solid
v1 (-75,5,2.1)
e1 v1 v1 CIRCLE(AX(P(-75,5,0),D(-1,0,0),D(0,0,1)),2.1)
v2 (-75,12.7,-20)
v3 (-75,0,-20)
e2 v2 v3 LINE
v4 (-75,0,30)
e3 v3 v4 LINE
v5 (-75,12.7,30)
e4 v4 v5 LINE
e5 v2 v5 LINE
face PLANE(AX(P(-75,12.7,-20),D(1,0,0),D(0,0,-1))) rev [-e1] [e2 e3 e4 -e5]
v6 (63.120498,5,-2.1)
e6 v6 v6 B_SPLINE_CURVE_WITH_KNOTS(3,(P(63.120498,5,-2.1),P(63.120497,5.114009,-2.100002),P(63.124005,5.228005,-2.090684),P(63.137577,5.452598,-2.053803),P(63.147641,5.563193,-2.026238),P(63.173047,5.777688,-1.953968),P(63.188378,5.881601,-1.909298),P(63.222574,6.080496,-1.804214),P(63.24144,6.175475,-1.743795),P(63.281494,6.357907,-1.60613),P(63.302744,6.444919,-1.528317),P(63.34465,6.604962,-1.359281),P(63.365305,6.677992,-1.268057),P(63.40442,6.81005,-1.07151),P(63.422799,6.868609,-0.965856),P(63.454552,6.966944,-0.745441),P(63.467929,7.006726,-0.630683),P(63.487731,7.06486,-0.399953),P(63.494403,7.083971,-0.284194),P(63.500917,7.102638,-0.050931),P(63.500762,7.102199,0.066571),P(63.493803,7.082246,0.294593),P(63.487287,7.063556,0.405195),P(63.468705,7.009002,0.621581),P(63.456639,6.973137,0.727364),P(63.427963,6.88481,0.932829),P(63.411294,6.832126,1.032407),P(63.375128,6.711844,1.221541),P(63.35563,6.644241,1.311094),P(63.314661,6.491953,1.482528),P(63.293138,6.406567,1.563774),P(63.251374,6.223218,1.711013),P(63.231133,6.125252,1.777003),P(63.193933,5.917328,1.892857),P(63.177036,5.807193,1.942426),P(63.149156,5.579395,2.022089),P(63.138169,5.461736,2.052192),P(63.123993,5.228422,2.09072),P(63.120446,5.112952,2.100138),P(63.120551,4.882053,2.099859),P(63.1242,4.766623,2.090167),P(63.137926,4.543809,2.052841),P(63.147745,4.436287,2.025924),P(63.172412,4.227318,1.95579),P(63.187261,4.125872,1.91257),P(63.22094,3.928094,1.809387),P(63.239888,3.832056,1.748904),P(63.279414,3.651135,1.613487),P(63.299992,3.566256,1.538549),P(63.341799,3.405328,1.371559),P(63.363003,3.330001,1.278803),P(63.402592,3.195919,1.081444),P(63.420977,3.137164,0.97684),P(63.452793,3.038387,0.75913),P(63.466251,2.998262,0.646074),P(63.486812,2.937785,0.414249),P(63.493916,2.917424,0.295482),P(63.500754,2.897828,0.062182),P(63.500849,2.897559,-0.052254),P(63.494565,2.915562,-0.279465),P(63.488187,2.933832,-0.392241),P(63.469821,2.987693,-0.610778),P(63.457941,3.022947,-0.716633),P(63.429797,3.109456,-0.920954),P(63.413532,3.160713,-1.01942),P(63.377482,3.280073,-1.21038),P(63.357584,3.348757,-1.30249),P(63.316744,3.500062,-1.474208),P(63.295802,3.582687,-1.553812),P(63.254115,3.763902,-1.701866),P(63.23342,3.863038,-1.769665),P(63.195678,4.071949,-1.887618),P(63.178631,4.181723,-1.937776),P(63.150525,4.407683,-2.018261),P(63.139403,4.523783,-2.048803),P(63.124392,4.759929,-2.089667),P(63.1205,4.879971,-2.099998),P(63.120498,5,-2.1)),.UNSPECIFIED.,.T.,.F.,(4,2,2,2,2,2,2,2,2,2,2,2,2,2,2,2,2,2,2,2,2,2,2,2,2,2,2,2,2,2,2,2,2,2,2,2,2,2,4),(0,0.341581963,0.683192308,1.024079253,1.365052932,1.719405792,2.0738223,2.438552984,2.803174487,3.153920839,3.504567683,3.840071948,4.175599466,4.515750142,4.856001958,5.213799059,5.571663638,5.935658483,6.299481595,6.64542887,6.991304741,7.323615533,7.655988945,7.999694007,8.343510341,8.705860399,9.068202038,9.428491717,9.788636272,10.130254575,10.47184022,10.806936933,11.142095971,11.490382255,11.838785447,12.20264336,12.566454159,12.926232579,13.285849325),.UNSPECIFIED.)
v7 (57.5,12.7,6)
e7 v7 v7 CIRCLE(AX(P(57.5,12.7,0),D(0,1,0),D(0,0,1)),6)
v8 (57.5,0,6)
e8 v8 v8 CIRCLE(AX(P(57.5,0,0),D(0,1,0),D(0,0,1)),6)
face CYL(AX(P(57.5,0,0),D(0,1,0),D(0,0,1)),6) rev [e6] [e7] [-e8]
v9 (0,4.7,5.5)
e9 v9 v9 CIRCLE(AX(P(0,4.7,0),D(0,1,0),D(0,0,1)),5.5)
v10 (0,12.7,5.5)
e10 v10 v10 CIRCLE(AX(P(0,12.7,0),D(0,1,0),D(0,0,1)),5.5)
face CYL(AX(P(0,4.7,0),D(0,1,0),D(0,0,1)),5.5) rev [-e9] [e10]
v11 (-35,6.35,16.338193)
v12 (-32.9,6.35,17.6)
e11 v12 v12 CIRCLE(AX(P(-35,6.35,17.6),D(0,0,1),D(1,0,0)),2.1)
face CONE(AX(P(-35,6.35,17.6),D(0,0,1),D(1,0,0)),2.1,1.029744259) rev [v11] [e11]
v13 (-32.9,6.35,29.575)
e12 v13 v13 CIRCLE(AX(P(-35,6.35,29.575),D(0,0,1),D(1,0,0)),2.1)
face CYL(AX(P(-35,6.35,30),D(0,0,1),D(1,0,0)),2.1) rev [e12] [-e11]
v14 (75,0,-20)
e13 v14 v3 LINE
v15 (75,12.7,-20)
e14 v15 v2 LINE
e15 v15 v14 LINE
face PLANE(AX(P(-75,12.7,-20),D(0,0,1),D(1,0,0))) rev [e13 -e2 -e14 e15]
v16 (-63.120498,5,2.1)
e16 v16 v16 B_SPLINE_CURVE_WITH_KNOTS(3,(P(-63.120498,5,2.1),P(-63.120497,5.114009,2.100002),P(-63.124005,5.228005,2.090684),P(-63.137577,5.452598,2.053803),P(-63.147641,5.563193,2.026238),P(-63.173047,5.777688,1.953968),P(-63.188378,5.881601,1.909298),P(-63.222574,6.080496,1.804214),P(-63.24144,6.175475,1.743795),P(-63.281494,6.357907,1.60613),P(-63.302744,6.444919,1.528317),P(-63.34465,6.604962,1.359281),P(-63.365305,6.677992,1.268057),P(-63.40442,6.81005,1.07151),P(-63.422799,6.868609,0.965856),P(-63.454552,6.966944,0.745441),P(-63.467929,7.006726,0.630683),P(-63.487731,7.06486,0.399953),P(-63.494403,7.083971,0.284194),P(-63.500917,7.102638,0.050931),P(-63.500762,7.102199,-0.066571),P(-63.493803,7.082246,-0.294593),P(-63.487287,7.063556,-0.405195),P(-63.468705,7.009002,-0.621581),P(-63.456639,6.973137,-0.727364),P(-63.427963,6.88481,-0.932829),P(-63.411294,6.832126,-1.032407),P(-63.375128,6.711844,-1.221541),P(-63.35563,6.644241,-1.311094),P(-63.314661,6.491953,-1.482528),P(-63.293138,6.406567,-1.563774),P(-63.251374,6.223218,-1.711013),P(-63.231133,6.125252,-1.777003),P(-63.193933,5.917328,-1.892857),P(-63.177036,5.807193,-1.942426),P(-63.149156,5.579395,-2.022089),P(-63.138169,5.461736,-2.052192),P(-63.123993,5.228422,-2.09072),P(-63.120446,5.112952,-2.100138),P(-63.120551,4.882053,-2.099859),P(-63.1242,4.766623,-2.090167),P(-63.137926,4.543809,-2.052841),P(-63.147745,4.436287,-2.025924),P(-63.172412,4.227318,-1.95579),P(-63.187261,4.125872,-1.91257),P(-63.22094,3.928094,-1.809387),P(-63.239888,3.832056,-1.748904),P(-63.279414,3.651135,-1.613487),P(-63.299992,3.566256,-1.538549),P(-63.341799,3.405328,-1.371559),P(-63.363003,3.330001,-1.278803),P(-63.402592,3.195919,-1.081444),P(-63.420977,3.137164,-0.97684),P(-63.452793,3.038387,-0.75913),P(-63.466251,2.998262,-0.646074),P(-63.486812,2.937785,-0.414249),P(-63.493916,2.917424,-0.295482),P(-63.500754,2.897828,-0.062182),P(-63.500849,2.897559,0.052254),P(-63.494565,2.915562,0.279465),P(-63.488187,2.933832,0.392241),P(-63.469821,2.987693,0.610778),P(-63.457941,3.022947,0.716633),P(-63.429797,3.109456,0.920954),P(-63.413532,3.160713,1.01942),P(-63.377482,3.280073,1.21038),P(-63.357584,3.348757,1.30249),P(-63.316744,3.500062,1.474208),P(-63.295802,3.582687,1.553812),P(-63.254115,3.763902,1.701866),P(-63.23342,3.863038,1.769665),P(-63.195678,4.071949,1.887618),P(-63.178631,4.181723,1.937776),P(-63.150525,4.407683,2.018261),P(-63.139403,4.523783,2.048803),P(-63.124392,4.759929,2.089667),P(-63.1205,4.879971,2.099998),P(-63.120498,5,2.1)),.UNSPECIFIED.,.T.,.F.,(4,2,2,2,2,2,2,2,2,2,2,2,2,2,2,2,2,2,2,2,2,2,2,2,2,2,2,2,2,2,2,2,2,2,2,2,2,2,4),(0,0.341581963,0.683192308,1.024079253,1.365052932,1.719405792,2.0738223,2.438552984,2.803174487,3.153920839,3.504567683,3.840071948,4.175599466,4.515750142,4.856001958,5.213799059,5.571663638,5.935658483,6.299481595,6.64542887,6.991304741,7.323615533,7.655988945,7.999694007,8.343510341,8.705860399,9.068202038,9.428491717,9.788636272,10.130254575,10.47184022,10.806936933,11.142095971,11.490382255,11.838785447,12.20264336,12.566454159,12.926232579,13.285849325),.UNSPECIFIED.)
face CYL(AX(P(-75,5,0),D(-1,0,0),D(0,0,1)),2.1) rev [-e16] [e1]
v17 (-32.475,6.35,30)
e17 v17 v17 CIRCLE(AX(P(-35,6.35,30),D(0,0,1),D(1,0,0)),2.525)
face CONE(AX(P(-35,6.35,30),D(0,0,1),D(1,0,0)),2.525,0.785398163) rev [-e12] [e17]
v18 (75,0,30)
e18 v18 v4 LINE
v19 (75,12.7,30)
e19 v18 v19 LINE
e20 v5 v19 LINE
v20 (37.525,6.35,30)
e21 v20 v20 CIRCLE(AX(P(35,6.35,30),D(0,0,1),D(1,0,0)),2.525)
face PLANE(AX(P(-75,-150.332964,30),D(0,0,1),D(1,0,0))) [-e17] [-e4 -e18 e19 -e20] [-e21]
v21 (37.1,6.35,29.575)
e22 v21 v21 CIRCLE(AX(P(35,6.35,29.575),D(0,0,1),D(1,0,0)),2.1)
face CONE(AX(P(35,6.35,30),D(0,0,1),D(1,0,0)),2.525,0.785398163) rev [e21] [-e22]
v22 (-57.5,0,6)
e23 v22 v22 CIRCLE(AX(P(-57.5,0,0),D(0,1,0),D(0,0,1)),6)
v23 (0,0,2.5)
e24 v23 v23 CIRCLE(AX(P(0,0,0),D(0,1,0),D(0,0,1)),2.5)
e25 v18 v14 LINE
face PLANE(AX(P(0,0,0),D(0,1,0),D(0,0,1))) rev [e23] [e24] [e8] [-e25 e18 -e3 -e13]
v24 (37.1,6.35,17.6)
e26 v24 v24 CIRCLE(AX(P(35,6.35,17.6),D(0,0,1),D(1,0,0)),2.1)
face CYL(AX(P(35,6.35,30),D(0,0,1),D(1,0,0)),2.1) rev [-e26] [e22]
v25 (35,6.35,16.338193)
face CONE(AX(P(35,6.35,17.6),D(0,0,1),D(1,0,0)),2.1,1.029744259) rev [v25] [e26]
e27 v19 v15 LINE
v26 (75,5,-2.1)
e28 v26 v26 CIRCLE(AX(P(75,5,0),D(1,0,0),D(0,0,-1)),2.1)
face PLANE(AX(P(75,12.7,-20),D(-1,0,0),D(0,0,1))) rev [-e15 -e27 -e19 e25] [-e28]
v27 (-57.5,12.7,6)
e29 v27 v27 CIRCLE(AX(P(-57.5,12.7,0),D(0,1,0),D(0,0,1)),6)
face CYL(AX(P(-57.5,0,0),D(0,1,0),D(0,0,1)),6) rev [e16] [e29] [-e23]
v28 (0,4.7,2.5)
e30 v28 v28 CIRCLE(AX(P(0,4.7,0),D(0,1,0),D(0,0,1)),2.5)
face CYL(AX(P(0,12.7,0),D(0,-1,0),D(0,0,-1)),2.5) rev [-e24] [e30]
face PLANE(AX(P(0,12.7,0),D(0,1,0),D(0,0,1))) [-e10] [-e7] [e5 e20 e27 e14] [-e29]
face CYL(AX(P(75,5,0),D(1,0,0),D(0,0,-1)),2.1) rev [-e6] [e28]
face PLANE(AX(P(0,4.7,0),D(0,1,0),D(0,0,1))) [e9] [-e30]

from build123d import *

# Parameters (mm, degrees)
ESBO_O1_W                       = 150
ESBO_O1_H                       = 40
ESBO_O1_R                       = 2.5
RESSALTO_EXTRUS_O1_DEPTH        = 12.7
ESBO_O2_R                       = 5.5
CORTE_EXTRUS_O1_DEPTH           = 8
ESBO_O3_R                       = 6
CORTE_EXTRUS_O3_DEPTH           = 79.652971972
ESBO_O7_W                       = 150
ESBO_O7_H                       = 10
RESSALTO_EXTRUS_O2_DEPTH        = 12.7
ESBO_O8_R                       = 2
CORTE_EXTRUS_O4_DEPTH           = 10
FURO_ROSCADO_DE_M54_D           = 4.2
FURO_ROSCADO_DE_M54_DEPTH       = 12.4
FURO_ROSCADO_DE_M54_CSINK_D     = 5.05
FURO_ROSCADO_DE_M54_CSINK_ANGLE = 90
FURO_ROSCADO_DE_M54_TIP         = 1.2618073
FURO_ROSCADO_DE_M55_D           = 4.2
FURO_ROSCADO_DE_M55_DEPTH       = 12.4
FURO_ROSCADO_DE_M55_CSINK_D     = 5.05
FURO_ROSCADO_DE_M55_CSINK_ANGLE = 90
FURO_ROSCADO_DE_M55_TIP         = 1.2618073


with BuildPart() as part:
    # Esboço1 → Ressalto-extrusão1 (new body)
    with BuildSketch(Plane(origin=(0, 0, 0), x_dir=(1, 0, 0), z_dir=(0, 1, 0))):
        Rectangle(ESBO_O1_W, ESBO_O1_H)
        with Locations(Location((0, 0, 0), (0, 0, 270))):
            Circle(ESBO_O1_R, mode=Mode.SUBTRACT)
    extrude(amount=RESSALTO_EXTRUS_O1_DEPTH)

    # Esboço2 → Corte-extrusão1 (cut)
    with BuildSketch(Plane(origin=(0, 12.7, 0), x_dir=(1, 0, 0), z_dir=(0, 1, 0))):
        with Locations(Location((0, 0, 0), (0, 0, 270))):
            Circle(ESBO_O2_R)
    extrude(amount=-CORTE_EXTRUS_O1_DEPTH, mode=Mode.SUBTRACT)

    # Esboço3 → Corte-extrusão3 (cut, through all)
    with BuildSketch(Plane(origin=(0, 12.7, 0), x_dir=(1, 0, 0), z_dir=(0, 1, 0))):
        with Locations(Location((-57.5, 0, 0), (0, 0, 270))):
            Circle(ESBO_O3_R)
        with Locations(Location((57.5, 0, 0), (0, 0, 270))):
            Circle(ESBO_O3_R)
    extrude(amount=-CORTE_EXTRUS_O3_DEPTH, mode=Mode.SUBTRACT)

    # Esboço6 → Furo roscado de M51 (revolve, cut)
    with BuildSketch(Plane(origin=(75, 5, 0), x_dir=(0, 0, -1), z_dir=(0, 1, 0))):
        Polygon((0, 0), (0, 13.2618073), (2.1, 12), (2.1, 0), align=None)
    furo_roscado_de_m51 = revolve(axis=Axis((81.35, 5, 0), (-1, 0, 0)), mode=Mode.SUBTRACT)

    # Espelhar1: Furo roscado de M51 across plane
    add(furo_roscado_de_m51.mirror(Plane(origin=(0, 0, 0), x_dir=(0, 0, 1), z_dir=(1, 0, 0))), mode=Mode.SUBTRACT)

    # Esboço7 → Ressalto-extrusão2 (add)
    with BuildSketch(Plane(origin=(0, 12.7, 0), x_dir=(1, 0, 0), z_dir=(0, 1, 0))):
        with Locations((0, -25)):
            Rectangle(ESBO_O7_W, ESBO_O7_H)
    extrude(amount=-RESSALTO_EXTRUS_O2_DEPTH)

    # Esboço8 → Corte-extrusão4 (cut)
    with BuildSketch(Plane.XY.offset(30)):
        with Locations((35, 6.35)):
            Circle(ESBO_O8_R)
        with Locations((-35, 6.35)):
            Circle(ESBO_O8_R)
    extrude(amount=-CORTE_EXTRUS_O4_DEPTH, mode=Mode.SUBTRACT)

    # Furo roscado de M54
    with Locations(Plane.XY.offset(30)):
        with Locations((-35, 6.35)):
            CounterSinkHole(FURO_ROSCADO_DE_M54_D / 2, FURO_ROSCADO_DE_M54_CSINK_D / 2, depth=FURO_ROSCADO_DE_M54_DEPTH, counter_sink_angle=FURO_ROSCADO_DE_M54_CSINK_ANGLE)
            with Locations((0, 0, -(FURO_ROSCADO_DE_M54_DEPTH + FURO_ROSCADO_DE_M54_TIP / 2))):  # 118° drill point
                Cone(0, FURO_ROSCADO_DE_M54_D / 2, FURO_ROSCADO_DE_M54_TIP, mode=Mode.SUBTRACT)

    # Furo roscado de M55
    with Locations(Plane.XY.offset(30)):
        with Locations((35, 6.35)):
            CounterSinkHole(FURO_ROSCADO_DE_M55_D / 2, FURO_ROSCADO_DE_M55_CSINK_D / 2, depth=FURO_ROSCADO_DE_M55_DEPTH, counter_sink_angle=FURO_ROSCADO_DE_M55_CSINK_ANGLE)
            with Locations((0, 0, -(FURO_ROSCADO_DE_M55_DEPTH + FURO_ROSCADO_DE_M55_TIP / 2))):  # 118° drill point
                Cone(0, FURO_ROSCADO_DE_M55_D / 2, FURO_ROSCADO_DE_M55_TIP, mode=Mode.SUBTRACT)


solid = part.part
